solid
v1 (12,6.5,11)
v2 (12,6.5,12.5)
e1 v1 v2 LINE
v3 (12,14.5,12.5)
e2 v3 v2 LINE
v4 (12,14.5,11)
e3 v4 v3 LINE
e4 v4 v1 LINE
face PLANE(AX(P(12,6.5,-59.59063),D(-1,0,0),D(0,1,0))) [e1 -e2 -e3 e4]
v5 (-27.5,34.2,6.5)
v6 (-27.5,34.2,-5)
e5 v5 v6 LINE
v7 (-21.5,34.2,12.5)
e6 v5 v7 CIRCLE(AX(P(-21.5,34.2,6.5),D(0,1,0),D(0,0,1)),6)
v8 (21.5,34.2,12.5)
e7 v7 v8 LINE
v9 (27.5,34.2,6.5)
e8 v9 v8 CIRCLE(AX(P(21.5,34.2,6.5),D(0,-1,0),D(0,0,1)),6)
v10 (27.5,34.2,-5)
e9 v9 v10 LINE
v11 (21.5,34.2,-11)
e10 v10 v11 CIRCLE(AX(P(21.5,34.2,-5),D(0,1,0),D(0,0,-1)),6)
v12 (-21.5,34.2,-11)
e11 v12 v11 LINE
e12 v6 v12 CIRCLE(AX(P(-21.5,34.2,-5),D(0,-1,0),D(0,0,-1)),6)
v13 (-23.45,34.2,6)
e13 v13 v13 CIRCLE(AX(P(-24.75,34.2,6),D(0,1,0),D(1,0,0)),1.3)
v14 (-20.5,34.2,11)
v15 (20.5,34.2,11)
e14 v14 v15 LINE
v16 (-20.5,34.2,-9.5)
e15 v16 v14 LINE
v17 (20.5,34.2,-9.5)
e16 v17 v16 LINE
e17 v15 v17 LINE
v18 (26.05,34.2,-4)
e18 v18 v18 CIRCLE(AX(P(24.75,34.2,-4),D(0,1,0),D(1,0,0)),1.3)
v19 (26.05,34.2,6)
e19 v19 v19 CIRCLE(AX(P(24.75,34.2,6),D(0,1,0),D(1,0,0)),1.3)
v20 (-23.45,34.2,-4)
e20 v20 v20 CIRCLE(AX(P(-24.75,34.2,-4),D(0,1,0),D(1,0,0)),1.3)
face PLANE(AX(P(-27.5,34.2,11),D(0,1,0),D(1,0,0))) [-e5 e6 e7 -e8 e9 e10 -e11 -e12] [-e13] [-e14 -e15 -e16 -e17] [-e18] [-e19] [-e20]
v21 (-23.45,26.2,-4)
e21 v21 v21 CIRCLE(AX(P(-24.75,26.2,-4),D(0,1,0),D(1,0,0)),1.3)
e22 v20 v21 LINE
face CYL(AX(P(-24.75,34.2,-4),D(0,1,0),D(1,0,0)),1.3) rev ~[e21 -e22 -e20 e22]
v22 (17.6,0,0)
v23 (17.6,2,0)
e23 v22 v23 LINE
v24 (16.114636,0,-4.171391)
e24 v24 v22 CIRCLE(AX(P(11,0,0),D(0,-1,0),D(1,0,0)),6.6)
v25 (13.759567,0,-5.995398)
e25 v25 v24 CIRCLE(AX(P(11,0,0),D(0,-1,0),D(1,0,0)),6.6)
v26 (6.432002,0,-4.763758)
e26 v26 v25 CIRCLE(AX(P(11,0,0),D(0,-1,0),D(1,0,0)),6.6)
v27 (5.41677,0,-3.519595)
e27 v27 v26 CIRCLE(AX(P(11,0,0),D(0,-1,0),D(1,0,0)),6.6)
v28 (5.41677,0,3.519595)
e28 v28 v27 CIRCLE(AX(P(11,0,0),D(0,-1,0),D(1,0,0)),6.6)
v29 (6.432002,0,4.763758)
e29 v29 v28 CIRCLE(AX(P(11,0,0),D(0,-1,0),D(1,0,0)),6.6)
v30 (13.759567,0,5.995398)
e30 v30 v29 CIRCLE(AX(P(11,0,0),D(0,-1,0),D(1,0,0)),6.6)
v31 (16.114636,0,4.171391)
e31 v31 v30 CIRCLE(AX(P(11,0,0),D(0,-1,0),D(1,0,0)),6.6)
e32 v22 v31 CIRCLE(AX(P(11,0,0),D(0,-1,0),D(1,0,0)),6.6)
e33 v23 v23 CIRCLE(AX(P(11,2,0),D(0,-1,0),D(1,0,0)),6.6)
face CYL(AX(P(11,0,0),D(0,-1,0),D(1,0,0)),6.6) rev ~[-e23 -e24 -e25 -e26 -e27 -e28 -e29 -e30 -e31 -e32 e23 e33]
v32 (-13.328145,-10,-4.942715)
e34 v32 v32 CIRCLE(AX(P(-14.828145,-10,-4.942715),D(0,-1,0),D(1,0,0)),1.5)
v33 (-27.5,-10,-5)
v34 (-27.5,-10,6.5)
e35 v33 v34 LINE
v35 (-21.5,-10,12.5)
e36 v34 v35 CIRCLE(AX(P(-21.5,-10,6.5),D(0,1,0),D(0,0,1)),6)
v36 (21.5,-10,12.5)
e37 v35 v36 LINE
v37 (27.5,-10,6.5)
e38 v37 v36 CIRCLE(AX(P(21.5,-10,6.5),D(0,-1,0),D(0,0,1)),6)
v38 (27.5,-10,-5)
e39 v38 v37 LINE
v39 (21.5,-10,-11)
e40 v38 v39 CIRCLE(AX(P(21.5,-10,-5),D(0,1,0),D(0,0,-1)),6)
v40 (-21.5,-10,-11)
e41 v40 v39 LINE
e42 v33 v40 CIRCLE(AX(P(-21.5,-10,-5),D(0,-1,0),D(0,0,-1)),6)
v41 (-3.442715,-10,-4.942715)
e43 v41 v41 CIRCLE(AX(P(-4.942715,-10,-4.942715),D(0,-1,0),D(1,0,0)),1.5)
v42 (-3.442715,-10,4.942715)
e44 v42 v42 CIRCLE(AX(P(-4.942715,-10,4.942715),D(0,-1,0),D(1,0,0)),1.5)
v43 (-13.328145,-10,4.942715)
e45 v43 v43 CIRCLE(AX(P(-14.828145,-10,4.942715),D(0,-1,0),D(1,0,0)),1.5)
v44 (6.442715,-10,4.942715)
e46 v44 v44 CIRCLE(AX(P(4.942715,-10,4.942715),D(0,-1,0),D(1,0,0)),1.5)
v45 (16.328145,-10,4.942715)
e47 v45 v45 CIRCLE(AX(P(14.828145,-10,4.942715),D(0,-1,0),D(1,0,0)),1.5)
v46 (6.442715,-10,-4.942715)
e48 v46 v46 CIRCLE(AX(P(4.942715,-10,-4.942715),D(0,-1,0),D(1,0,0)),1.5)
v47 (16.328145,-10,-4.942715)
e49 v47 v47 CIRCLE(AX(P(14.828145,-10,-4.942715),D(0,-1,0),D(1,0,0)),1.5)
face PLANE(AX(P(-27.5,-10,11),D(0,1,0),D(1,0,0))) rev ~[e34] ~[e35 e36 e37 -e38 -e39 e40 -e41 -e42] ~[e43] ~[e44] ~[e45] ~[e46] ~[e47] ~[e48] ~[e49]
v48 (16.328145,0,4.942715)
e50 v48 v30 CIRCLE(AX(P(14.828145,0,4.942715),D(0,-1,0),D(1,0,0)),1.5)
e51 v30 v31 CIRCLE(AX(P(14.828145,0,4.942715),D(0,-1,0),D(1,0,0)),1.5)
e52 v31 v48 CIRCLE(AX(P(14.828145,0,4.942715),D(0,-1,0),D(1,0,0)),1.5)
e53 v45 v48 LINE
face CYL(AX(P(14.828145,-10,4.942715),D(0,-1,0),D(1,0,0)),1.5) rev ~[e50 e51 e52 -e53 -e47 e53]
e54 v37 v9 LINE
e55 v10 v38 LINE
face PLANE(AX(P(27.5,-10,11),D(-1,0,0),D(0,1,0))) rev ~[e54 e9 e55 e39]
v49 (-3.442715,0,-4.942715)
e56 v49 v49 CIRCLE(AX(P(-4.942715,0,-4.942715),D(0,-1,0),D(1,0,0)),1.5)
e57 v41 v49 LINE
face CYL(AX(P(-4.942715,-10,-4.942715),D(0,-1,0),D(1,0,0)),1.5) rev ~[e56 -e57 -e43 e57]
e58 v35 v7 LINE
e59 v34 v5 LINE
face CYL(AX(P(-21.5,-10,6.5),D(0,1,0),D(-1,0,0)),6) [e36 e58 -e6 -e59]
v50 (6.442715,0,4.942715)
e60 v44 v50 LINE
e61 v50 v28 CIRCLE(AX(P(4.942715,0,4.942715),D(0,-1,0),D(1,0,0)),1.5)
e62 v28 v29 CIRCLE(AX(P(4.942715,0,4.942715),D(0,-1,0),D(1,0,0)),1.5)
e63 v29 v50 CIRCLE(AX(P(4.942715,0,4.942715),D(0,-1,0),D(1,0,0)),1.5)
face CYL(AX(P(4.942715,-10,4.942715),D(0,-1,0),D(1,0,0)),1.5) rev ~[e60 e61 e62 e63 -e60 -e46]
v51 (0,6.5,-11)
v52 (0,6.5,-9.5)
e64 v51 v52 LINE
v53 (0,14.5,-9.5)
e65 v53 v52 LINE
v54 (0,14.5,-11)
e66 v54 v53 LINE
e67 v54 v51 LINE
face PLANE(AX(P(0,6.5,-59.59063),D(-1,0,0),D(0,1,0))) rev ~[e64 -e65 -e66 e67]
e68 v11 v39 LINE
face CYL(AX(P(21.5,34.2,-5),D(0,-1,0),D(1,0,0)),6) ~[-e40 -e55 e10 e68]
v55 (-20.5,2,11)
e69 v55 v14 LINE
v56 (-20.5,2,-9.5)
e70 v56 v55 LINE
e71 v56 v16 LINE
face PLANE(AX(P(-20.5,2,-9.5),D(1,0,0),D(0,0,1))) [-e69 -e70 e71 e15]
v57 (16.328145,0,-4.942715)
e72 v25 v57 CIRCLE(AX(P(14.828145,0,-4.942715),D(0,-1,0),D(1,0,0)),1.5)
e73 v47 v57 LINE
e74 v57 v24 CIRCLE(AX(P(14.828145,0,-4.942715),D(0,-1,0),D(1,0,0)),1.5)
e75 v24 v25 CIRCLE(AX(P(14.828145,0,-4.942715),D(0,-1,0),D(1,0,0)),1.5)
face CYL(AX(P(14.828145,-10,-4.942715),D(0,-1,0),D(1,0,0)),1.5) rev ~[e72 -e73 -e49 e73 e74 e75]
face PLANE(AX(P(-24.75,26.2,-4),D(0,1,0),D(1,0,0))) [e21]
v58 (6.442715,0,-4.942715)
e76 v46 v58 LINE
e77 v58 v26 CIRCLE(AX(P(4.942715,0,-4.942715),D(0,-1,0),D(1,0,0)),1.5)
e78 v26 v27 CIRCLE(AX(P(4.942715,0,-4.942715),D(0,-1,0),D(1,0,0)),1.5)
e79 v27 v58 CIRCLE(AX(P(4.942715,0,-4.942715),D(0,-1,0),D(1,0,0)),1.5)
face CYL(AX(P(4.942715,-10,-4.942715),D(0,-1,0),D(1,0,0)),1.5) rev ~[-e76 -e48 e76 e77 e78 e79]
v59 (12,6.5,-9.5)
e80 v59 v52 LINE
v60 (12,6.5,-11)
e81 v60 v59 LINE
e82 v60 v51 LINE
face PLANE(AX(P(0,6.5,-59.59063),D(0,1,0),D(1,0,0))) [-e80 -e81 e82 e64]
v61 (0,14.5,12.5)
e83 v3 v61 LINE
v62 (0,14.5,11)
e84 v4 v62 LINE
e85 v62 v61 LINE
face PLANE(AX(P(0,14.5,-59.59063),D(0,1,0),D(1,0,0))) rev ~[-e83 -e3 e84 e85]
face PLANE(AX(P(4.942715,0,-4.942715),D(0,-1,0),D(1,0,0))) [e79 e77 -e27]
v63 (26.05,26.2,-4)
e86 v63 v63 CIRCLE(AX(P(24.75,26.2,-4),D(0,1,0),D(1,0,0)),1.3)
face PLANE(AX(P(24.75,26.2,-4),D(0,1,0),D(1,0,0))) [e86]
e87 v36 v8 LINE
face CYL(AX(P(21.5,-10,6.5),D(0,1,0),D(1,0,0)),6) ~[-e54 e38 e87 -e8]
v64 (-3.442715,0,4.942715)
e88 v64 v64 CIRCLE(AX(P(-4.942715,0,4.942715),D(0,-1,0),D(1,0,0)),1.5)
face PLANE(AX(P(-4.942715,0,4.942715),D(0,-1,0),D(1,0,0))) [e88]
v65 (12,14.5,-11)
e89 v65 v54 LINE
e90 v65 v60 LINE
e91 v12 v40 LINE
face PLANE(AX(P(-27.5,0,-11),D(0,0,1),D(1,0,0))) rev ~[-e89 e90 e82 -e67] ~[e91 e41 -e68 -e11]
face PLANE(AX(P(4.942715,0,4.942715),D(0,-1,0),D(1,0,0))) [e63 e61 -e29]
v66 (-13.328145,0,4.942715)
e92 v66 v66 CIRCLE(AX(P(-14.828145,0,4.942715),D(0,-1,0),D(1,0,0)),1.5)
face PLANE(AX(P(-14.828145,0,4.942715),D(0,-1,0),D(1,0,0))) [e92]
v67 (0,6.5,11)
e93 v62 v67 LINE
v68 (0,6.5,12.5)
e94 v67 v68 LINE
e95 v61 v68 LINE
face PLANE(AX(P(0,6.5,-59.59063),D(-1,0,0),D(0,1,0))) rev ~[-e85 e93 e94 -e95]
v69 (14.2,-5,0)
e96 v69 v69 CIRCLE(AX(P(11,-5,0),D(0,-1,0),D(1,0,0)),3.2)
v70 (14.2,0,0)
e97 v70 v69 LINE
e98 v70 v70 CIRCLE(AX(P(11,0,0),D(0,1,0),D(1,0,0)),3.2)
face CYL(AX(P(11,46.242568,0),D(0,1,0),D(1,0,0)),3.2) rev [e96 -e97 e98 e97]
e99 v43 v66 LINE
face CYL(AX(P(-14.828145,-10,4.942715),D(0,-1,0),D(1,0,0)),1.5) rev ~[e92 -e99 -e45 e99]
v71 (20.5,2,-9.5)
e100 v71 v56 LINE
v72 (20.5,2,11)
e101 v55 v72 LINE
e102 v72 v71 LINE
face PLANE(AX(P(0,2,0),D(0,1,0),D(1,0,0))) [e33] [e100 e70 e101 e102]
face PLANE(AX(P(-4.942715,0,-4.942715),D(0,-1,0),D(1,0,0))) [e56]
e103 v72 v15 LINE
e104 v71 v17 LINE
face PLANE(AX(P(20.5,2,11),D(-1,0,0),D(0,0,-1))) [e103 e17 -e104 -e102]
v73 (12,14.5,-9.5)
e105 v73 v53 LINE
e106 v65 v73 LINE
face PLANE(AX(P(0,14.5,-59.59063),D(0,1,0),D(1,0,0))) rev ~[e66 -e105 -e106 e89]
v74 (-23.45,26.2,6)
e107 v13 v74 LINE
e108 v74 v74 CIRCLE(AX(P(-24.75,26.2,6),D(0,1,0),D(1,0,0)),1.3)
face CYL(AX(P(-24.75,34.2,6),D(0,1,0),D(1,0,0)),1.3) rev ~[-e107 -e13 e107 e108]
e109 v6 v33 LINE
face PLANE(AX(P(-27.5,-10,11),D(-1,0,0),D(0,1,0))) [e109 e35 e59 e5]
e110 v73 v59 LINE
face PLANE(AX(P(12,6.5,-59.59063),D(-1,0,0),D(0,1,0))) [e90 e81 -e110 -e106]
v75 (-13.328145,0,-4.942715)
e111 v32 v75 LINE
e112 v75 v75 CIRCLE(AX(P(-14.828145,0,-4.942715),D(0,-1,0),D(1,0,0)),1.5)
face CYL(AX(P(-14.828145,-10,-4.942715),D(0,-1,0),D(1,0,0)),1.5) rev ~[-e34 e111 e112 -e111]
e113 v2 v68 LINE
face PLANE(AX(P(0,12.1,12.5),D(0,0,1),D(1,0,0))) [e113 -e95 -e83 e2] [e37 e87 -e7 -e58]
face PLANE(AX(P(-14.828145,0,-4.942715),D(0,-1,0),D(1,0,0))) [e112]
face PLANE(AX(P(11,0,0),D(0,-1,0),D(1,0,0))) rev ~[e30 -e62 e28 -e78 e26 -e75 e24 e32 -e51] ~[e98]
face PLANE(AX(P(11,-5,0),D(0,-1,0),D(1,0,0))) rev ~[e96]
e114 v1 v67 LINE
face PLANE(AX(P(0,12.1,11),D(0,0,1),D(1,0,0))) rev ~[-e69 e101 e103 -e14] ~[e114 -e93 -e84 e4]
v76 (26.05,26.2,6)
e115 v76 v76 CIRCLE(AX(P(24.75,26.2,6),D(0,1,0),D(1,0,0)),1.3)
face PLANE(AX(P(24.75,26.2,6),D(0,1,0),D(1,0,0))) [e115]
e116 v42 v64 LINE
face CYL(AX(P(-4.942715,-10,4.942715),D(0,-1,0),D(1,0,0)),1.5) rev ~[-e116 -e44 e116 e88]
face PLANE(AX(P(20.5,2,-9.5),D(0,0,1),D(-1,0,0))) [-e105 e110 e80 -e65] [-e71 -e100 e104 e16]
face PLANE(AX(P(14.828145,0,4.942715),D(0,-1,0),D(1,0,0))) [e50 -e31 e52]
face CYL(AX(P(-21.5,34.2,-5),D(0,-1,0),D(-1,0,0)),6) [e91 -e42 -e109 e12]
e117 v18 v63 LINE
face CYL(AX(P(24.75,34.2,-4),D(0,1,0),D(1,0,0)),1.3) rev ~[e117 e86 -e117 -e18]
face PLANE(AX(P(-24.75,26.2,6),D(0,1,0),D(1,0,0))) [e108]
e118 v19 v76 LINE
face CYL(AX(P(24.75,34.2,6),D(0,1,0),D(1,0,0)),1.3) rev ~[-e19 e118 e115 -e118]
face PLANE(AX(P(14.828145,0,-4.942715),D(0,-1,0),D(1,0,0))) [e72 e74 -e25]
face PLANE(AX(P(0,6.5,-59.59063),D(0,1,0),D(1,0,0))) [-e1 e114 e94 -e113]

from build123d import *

# Parameters (mm, degrees)
SKETCH1_W               = 55
SKETCH1_H               = 22
BOSS_EXTRUDE1_DEPTH     = 2
BOSS_EXTRUDE2_DEPTH     = 32.2
SKETCH5_R               = 1.3
CUT_EXTRUDE2_DEPTH      = 8
SKETCH1_2_W             = 55
SKETCH1_2_H             = 22
BOSS_EXTRUDE3_DEPTH     = 10
SKETCH11_R              = 1.5
CUT_EXTRUDE8_DEPTH      = 10
CUT_EXTRUDE9_DEPTH      = 5
CUT_EXTRUDE9_DEPTH_BACK = 46.242568451
SKETCH8_R               = 3.2
SKETCH8_4_R             = 6.6
CUT_EXTRUDE10_DEPTH     = 10
SKETCH12_W              = 55
SKETCH12_H              = 44.2
BOSS_EXTRUDE4_DEPTH     = 1.5
FILLET1_R               = 6
CUT_EXTRUDE7_DEPTH      = 50.090630471
CUT_EXTRUDE7_DEPTH_BACK = 50.090630471
SKETCH10_W              = 12
SKETCH10_H              = 8


with BuildPart() as part:
    # Sketch1 → Boss-Extrude1 (new body)
    with BuildSketch(Plane(origin=(0, 0, 0), x_dir=(1, 0, 0), z_dir=(0, 1, 0))):
        Rectangle(SKETCH1_W, SKETCH1_H)
    extrude(amount=BOSS_EXTRUDE1_DEPTH)

    # Sketch2 → Boss-Extrude2 (add)
    with BuildSketch(Plane(origin=(0, 2, 0), x_dir=(1, 0, 0), z_dir=(0, 1, 0))):
        Polygon((-27.5, -11), (-27.5, 11), (27.5, 11), (27.5, -11), (20.5, -11), (20.5, 9.5), (-20.5, 9.5), (-20.5, -11), align=None)
    extrude(amount=BOSS_EXTRUDE2_DEPTH)

    # Sketch5 → Cut-Extrude2 (cut)
    with BuildSketch(Plane(origin=(0, 34.2, 0), x_dir=(1, 0, 0), z_dir=(0, 1, 0))):
        with Locations((-24.75, -6)):
            Circle(SKETCH5_R)
        with Locations((-24.75, 4)):
            Circle(SKETCH5_R)
        with Locations((24.75, 4)):
            Circle(SKETCH5_R)
        with Locations((24.75, -6)):
            Circle(SKETCH5_R)
    extrude(amount=-CUT_EXTRUDE2_DEPTH, mode=Mode.SUBTRACT)

    # Sketch1<2> → Boss-Extrude3 (add)
    with BuildSketch(Plane(origin=(0, 0, 0), x_dir=(1, 0, 0), z_dir=(0, 1, 0))):
        Rectangle(SKETCH1_2_W, SKETCH1_2_H)
    extrude(amount=-BOSS_EXTRUDE3_DEPTH)

    # Sketch11 → Cut-Extrude8 (cut)
    with BuildSketch(Plane.XZ.offset(10)):
        with Locations((14.828145062, -4.942715021)):
            Circle(SKETCH11_R)
        with Locations((14.828145062, 4.942715021)):
            Circle(SKETCH11_R)
        with Locations((4.942715021, -4.942715021)):
            Circle(SKETCH11_R)
        with Locations((4.942715021, 4.942715021)):
            Circle(SKETCH11_R)
        with Locations((-4.942715021, -4.942715021)):
            Circle(SKETCH11_R)
        with Locations((-4.942715021, 4.942715021)):
            Circle(SKETCH11_R)
        with Locations((-14.828145062, -4.942715021)):
            Circle(SKETCH11_R)
        with Locations((-14.828145062, 4.942715021)):
            Circle(SKETCH11_R)
    extrude(amount=-CUT_EXTRUDE8_DEPTH, mode=Mode.SUBTRACT)

    # Sketch8 → Cut-Extrude9 (cut, two sides: drawn at the far end of the back side and taken through both)
    with BuildSketch(Plane.XZ.offset(-CUT_EXTRUDE9_DEPTH_BACK)):
        with Locations((11, 0)):
            Circle(SKETCH8_R)
    extrude(amount=CUT_EXTRUDE9_DEPTH + CUT_EXTRUDE9_DEPTH_BACK, mode=Mode.SUBTRACT)

    # Sketch8<4> → Cut-Extrude10 (cut)
    with BuildSketch(Plane.XZ):
        with Locations((11, 0)):
            Circle(SKETCH8_4_R)
    extrude(amount=-CUT_EXTRUDE10_DEPTH, mode=Mode.SUBTRACT)

    # Sketch12 → Boss-Extrude4 (add)
    with BuildSketch(Plane.XY.offset(11)):
        with Locations((0, 12.1)):
            Rectangle(SKETCH12_W, SKETCH12_H)
    extrude(amount=BOSS_EXTRUDE4_DEPTH)

    # Fillet1
    fillet1_edges = [part.edges().sort_by_distance(p)[0] for p in [
        (-27.5, 12.1, 12.5),
        (-27.5, 12.1, -11),
        (27.5, 12.1, 12.5),
        (27.5, 12.1, -11),
    ]]
    fillet(fillet1_edges, radius=FILLET1_R)

    # Sketch10 → Cut-Extrude7 (cut, two sides: drawn at the far end of the back side and taken through both)
    with BuildSketch(Plane.XY.offset(-9.5).offset(-CUT_EXTRUDE7_DEPTH_BACK)):
        with Locations((6, 10.5)):
            Rectangle(SKETCH10_W, SKETCH10_H)
    extrude(amount=CUT_EXTRUDE7_DEPTH + CUT_EXTRUDE7_DEPTH_BACK, mode=Mode.SUBTRACT)


solid = part.part
